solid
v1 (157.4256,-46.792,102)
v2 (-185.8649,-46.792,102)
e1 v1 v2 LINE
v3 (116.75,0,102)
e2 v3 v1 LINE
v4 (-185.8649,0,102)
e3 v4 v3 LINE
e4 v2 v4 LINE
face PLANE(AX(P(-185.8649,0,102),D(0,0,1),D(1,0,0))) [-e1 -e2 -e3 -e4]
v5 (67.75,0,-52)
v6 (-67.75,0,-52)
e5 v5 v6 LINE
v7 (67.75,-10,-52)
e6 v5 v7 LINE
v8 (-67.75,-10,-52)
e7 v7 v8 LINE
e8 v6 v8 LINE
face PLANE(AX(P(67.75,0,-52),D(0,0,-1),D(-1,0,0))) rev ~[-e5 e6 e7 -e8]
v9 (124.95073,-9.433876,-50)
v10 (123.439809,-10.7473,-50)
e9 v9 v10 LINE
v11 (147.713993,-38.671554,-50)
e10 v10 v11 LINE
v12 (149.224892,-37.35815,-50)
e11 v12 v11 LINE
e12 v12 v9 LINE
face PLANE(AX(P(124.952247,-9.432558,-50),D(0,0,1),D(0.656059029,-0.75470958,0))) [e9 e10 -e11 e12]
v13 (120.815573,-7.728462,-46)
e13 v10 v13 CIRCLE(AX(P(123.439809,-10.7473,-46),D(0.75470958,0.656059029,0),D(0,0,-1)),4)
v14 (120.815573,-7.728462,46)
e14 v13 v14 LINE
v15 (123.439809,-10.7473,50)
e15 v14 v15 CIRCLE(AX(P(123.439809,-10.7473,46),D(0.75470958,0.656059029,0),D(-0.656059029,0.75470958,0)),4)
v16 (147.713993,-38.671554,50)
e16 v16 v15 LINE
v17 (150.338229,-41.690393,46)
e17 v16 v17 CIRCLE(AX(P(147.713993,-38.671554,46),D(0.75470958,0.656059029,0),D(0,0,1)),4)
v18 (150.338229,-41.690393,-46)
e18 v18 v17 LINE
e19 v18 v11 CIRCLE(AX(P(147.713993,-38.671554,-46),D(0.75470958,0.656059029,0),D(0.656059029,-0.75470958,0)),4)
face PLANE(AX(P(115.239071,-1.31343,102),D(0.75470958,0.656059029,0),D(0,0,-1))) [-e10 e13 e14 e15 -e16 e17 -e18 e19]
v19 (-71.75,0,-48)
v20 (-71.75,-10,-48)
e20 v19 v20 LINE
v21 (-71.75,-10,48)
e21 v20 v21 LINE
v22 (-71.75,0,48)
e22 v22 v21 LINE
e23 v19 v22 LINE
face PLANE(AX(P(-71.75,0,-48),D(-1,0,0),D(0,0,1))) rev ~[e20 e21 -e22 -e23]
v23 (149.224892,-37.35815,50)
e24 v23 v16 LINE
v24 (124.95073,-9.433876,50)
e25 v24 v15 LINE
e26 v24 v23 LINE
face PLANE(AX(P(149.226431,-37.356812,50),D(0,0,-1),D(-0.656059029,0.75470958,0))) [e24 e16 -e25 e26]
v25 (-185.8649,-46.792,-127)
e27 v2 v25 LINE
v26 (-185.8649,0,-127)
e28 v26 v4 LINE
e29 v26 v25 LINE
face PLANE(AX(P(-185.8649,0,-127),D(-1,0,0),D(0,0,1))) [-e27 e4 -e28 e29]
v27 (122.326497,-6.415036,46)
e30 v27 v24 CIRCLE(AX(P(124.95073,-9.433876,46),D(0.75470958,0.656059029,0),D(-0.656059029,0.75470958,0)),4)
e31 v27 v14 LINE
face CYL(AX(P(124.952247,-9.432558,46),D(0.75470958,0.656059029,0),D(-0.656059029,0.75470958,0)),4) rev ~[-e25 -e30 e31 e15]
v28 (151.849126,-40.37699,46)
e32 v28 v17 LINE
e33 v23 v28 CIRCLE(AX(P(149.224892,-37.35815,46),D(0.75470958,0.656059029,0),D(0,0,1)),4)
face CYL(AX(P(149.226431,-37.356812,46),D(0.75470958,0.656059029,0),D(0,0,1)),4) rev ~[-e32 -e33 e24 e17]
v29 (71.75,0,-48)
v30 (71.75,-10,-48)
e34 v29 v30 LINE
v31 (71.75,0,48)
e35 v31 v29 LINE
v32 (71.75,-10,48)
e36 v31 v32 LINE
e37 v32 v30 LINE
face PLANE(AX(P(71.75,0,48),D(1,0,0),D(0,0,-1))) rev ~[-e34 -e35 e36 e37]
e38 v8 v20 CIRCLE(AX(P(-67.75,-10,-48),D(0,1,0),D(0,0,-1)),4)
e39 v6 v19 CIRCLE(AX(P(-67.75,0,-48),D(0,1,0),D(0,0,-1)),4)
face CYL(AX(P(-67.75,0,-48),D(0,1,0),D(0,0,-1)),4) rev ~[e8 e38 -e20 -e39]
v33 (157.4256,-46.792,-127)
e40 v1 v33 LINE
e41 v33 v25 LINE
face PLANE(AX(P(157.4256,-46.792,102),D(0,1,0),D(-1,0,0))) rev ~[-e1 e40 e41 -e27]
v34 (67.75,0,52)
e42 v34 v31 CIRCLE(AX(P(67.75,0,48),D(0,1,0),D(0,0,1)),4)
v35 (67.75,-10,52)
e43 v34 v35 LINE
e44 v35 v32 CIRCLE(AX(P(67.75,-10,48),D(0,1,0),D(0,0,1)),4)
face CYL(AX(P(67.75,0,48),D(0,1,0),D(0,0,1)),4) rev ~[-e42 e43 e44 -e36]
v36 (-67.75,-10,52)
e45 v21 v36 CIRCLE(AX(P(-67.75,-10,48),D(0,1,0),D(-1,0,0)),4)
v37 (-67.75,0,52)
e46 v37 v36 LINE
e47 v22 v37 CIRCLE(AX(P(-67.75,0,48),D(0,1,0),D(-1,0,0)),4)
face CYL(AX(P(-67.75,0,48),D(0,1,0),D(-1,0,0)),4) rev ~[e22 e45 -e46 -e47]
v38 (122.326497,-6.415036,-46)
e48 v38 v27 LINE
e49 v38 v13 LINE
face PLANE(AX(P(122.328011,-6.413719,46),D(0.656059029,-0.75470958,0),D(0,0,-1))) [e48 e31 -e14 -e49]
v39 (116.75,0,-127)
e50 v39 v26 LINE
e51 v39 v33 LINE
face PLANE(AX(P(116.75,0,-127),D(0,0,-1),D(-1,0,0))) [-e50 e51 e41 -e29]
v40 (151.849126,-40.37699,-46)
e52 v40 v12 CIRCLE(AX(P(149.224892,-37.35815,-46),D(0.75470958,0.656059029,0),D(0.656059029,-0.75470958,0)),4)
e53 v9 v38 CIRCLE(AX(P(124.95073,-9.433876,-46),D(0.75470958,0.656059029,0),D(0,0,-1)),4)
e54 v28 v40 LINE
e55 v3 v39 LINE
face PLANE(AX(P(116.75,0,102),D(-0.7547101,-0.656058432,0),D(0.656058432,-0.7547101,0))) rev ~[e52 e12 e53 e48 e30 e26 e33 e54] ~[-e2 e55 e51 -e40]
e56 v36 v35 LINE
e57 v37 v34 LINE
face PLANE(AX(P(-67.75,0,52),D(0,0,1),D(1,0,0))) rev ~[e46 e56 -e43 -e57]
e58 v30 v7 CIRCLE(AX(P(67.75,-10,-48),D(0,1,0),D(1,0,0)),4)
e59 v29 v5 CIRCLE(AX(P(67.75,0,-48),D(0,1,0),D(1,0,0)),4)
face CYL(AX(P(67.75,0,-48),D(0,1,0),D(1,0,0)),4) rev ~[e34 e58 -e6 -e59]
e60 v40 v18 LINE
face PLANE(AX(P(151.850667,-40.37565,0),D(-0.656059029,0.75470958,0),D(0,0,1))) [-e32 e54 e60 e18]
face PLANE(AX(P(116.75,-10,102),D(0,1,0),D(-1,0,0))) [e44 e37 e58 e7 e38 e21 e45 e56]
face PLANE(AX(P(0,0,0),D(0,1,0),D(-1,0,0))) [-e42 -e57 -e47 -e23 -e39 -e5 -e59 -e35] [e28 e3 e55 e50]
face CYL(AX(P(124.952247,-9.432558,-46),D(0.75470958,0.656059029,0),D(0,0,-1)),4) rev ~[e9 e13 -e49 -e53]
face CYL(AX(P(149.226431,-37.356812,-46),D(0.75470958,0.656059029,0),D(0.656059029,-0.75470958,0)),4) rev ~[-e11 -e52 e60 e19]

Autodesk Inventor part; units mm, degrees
ref_plane "YZ Plane" through (0, 0, 0) normal (1, 0, 0) x (0, 1, 0)
ref_plane "XZ Plane" through (0, 0, 0) normal (0, 1, 0) x (-1, 0, 0)
ref_plane "XY Plane" through (0, 0, 0) normal (0, 0, 1) x (1, 0, 0)
sketch "Эскиз1" plane through (0, 0, 0) normal (0, 1, 0) x (-1, 0, 0)
  line L0 (-67.75, -52) -> (67.75, -52)
  line L1 (71.75, -48) -> (71.75, 48)
  line L2 (67.75, 52) -> (-67.75, 52)
  line L3 (-71.75, 48) -> (-71.75, -48)
  line L4 (-71.75, -52) -> (71.75, 52) construction
  line L5 (71.75, -52) -> (-71.75, 52) construction
  arc A0 (71.75, 48) -> (67.75, 52) centre (67.75, 48) ccw
  arc A1 (67.75, -52) -> (71.75, -48) centre (67.75, -48) ccw
  arc A2 (-71.75, -48) -> (-67.75, -52) centre (-67.75, -48) ccw
  arc A3 (-67.75, 52) -> (-71.75, 48) centre (-67.75, 48) ccw
  line L6 (185.8649, 102) -> (-116.75, 102)
  line L7 (-116.75, 102) -> (-116.75, -127)
  line L8 (-116.75, -127) -> (185.8649, -127)
  line L9 (185.8649, -127) -> (185.8649, 102)
  point P0 (0, 0)
  point P1 (34.5574, -127)
  dimension "d0" = 143.5
  dimension "d1" = 104
  dimension "d2" = 4
  dimension "d3" = 45
  dimension "d4" = 50
  dimension "d5" = 75
extrude "Выдавливание1" add sketch "Эскиз1" against normal blind 10
sketch "Эскиз2" plane through (-185.8649, 0, 102) normal (0, 0, 1) x (1, 0, 0)
  line L0 (0, 0) -> (302.6149, 0) projected
  line L1 (302.6149, 0) -> (343.2905, -46.792)
  line L2 (343.2905, -46.792) -> (0, -46.792)
  line L3 (0, 0) -> (0, -10) projected
  line L4 (0, -46.792) -> (0, 0)
  line L5 (0, 0) -> (302.6149, 0) projected
  line L6 (0, 0) -> (0, -10) projected
  line L7 (302.6149, -10) -> (0, -10) projected
  line L8 (302.6149, 0) -> (302.6149, -10) projected
  point P0 (185.8649, 0)
  point P1 (302.6149, 0)
  point P2 (0, -10)
  dimension "d8" = 131
  dimension "d9" = 62
extrude "Выдавливание2" add sketch "Эскиз2" against normal up to surface (229 mm away) contours L1 L2 L4 L7 L8
sketch "Эскиз3" plane through (116.75, 0, 102) normal (0.7547, 0.6561, 0) x (0, 0, -1)
  line L0 (56, -8.5) -> (148, -8.5)
  line L1 (152, -12.5) -> (152, -49.5)
  line L2 (148, -53.5) -> (56, -53.5)
  line L3 (52, -49.5) -> (52, -12.5)
  line L4 (0, 0) -> (229, 0) projected
  line L5 (154, 121.0429) -> (154, 32.1469) projected
  arc A0 (56, -8.5) -> (52, -12.5) centre (56, -12.5) ccw
  arc A1 (152, -12.5) -> (148, -8.5) centre (148, -12.5) ccw
  arc A2 (148, -53.5) -> (152, -49.5) centre (148, -49.5) ccw
  arc A3 (52, -49.5) -> (56, -53.5) centre (56, -49.5) ccw
  line L6 (102, -8.5) -> (102, -53.5)
  line L7 (150, 29.5227) -> (54, 29.5227) projected
  point P0 (102, 76.5949)
  point P1 (102, 29.5227)
  dimension "d12" = 100
  dimension "d13" = 45
  dimension "d14" = 8.5
  dimension "d16" = 4
extrude "Выдавливание3" cut sketch "Эскиз3" against normal blind 2
properties part number "3d"
